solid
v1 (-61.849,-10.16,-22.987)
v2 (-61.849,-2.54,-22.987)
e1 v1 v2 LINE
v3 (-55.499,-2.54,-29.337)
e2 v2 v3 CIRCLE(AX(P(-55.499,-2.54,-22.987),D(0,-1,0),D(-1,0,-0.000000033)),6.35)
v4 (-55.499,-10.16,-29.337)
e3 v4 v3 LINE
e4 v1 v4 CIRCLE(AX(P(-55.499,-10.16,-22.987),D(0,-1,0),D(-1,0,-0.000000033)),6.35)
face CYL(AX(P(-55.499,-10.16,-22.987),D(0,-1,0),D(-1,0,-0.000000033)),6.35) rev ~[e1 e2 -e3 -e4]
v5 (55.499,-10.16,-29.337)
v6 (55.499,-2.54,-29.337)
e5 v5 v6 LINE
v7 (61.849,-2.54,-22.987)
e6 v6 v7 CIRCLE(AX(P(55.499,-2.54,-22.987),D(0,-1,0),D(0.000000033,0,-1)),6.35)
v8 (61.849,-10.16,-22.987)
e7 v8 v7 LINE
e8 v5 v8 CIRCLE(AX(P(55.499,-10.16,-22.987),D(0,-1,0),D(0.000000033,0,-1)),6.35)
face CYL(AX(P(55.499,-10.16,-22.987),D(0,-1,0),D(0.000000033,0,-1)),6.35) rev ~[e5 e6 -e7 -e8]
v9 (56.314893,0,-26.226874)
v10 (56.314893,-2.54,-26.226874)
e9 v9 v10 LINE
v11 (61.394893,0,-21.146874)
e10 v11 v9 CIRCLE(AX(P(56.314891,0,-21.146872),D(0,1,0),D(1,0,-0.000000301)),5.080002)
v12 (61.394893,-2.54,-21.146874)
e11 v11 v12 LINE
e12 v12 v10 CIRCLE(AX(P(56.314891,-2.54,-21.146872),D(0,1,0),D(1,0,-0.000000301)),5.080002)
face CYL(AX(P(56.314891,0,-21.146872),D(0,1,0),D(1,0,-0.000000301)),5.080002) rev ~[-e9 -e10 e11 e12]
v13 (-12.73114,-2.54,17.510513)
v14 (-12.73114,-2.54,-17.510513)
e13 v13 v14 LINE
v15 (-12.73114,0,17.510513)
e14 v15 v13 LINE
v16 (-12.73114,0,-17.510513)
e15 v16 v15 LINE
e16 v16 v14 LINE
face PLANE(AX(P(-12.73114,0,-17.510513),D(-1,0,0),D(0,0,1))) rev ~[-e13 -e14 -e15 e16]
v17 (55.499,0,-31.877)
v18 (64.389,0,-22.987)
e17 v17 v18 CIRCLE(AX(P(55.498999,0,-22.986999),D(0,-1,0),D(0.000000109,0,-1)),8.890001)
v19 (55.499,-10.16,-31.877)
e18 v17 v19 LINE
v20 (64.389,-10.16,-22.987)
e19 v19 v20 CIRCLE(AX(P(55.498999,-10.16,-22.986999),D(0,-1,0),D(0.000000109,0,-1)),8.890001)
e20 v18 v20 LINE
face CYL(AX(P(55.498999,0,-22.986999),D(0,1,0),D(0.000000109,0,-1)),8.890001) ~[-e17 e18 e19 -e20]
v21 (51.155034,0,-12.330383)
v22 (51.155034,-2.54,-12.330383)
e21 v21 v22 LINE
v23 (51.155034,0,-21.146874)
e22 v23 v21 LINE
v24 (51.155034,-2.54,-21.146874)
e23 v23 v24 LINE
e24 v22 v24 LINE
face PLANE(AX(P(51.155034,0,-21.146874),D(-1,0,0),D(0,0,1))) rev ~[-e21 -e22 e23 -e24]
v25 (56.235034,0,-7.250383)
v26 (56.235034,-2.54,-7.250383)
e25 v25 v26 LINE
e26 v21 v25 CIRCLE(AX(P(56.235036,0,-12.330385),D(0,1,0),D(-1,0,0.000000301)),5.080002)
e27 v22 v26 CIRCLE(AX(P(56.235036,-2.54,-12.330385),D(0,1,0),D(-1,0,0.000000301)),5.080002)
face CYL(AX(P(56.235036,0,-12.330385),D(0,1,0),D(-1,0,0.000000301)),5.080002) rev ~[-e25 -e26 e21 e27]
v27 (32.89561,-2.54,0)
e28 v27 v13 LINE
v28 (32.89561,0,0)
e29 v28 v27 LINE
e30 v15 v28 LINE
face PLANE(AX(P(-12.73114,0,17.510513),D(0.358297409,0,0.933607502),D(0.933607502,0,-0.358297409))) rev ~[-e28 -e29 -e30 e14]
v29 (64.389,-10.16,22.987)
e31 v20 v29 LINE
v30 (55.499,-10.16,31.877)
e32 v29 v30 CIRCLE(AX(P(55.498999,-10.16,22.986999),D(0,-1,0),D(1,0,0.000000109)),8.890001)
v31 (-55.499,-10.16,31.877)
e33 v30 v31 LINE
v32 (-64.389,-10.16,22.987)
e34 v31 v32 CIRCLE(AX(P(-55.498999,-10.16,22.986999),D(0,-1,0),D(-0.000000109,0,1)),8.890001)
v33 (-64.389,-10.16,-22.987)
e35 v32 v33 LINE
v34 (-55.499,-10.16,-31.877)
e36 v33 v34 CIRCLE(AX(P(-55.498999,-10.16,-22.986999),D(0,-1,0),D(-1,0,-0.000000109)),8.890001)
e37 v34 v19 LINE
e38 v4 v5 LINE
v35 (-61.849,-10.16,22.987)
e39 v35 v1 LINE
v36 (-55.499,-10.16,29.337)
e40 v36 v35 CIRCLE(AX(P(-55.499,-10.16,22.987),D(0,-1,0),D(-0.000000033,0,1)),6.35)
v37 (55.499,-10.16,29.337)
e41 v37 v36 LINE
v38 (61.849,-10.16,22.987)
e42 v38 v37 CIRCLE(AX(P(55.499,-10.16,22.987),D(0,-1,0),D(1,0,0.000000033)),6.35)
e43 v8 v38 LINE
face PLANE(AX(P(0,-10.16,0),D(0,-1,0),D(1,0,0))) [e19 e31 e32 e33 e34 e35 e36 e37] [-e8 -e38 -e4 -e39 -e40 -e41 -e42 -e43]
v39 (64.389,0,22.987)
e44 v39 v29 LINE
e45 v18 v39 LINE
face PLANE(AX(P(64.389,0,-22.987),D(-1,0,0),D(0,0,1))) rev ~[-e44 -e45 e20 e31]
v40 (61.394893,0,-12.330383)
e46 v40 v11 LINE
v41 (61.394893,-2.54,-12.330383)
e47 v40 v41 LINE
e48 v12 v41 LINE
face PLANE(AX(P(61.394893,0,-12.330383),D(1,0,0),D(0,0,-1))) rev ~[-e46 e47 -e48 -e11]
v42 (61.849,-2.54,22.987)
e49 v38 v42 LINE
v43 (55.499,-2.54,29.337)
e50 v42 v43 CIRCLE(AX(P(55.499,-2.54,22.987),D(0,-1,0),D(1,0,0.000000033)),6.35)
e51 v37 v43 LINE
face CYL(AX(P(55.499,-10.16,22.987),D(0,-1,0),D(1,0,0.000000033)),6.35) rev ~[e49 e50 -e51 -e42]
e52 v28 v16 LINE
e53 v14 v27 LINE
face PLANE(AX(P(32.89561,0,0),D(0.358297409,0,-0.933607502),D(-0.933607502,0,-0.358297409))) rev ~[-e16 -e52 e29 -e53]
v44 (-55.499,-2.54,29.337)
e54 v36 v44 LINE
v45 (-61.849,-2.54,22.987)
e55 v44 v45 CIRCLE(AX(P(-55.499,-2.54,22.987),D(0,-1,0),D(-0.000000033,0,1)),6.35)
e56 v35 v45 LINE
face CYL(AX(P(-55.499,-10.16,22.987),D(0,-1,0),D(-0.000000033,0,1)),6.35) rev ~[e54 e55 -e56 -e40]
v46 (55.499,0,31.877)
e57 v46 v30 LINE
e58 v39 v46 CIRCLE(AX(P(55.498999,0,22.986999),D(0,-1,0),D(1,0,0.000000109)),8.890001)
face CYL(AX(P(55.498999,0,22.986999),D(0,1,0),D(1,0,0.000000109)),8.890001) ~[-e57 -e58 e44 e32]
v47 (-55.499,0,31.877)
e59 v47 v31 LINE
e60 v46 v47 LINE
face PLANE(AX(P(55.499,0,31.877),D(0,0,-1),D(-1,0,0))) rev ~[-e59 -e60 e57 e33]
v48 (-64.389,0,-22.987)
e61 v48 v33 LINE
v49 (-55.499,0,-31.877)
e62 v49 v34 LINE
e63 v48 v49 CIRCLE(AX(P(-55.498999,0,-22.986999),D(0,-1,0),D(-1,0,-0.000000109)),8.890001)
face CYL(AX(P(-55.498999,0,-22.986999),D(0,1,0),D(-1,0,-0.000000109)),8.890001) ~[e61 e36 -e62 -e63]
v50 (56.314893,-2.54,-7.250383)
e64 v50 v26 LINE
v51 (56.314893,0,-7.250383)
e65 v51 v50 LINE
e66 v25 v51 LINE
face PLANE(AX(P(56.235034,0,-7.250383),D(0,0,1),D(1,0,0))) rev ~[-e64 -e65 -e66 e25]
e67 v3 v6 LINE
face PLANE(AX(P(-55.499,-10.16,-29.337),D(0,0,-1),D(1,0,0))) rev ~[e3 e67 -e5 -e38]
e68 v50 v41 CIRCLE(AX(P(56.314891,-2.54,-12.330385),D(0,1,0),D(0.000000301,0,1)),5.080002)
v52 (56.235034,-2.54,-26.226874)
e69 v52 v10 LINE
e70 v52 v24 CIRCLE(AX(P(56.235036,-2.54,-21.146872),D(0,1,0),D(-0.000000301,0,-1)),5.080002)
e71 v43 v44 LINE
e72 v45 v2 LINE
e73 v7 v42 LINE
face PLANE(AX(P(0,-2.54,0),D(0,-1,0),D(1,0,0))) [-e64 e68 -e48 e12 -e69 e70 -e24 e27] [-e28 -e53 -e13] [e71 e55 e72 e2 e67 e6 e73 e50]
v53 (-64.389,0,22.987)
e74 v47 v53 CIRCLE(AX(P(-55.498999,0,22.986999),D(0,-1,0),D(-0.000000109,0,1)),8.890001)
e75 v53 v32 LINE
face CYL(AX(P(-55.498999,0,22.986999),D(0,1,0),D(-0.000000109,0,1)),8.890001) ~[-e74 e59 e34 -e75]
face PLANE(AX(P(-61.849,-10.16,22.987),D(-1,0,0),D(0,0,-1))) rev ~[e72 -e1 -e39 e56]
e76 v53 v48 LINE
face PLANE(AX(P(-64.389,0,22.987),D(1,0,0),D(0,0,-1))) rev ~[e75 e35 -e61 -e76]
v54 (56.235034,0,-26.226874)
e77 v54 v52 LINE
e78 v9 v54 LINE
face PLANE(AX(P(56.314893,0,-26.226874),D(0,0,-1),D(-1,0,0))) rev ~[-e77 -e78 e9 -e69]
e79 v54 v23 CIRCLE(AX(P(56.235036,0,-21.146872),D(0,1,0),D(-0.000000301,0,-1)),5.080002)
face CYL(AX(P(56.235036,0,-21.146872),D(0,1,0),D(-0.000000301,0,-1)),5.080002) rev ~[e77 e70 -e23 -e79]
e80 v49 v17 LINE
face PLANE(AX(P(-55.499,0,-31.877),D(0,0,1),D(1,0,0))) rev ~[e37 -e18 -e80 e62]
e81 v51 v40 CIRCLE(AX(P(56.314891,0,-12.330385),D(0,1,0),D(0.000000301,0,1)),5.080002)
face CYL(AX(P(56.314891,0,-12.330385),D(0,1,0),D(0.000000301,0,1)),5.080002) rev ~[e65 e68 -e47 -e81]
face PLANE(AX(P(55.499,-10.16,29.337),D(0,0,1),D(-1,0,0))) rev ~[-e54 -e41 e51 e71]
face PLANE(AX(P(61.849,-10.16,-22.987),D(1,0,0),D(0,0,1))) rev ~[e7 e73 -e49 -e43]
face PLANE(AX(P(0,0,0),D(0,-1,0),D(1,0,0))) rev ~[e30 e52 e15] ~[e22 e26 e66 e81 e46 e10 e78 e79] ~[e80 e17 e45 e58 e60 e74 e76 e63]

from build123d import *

# Parameters (mm, degrees)
F1_DEPTH      = 10.16
F3_DEPTH      = 7.62
F5_DEPTH      = 25.4
F7_DEPTH      = 25.4
F7_DEPTH_BACK = 25.4


with BuildPart() as f1:
    # F0 (on Front) → F1 (new body)
    with BuildSketch(Plane.XZ):
        with BuildLine():
            Line((55.499, 31.877), (-55.499, 31.877))
            ThreePointArc((-55.499, 31.877), (-61.785179, 29.273179), (-64.389, 22.987))
            Line((-64.389, 22.987), (-64.389, -22.987))
            ThreePointArc((-64.389, -22.987), (-61.785179, -29.273179), (-55.499, -31.877))
            Line((-55.499, -31.877), (55.499, -31.877))
            ThreePointArc((55.499, -31.877), (61.785179, -29.273179), (64.389, -22.987))
            Line((64.389, -22.987), (64.389, 22.987))
            ThreePointArc((64.389, 22.987), (61.785179, 29.273179), (55.499, 31.877))
        make_face()
    extrude(amount=F1_DEPTH)

    # F2 (on face) → F3 (cut)
    with BuildSketch(Plane.XZ.offset(10.16)):
        with BuildLine():
            Line((55.499, 29.337), (-55.499, 29.337))
            ThreePointArc((-55.499, 29.337), (-59.989128, 27.477128), (-61.849, 22.987))
            Line((-61.849, 22.987), (-61.849, -22.987))
            ThreePointArc((-61.849, -22.987), (-59.989128, -27.477128), (-55.499, -29.337))
            Line((-55.499, -29.337), (55.499, -29.337))
            ThreePointArc((55.499, -29.337), (59.989128, -27.477128), (61.849, -22.987))
            Line((61.849, -22.987), (61.849, 22.987))
            ThreePointArc((61.849, 22.987), (59.989128, 27.477128), (55.499, 29.337))
        make_face()
    extrude(amount=-F3_DEPTH, mode=Mode.SUBTRACT)

    # F4 (on face) → F5 (cut)
    with BuildSketch(Plane(origin=(0, 0, 0), x_dir=(-1, 0, 0), z_dir=(0, 1, 0))):
        with BuildLine():
            ThreePointArc((-61.394893, -21.146874), (-59.906995, -24.738976), (-56.314893, -26.226874))
            Line((-56.314893, -26.226874), (-56.235034, -26.226874))
            ThreePointArc((-56.235034, -26.226874), (-52.642932, -24.738976), (-51.155034, -21.146874))
            Line((-51.155034, -21.146874), (-51.155034, -12.330383))
            ThreePointArc((-51.155034, -12.330383), (-52.642932, -8.738281), (-56.235034, -7.250383))
            Line((-56.235034, -7.250383), (-56.314893, -7.250383))
            ThreePointArc((-56.314893, -7.250383), (-59.906995, -8.738281), (-61.394893, -12.330383))
            Line((-61.394893, -12.330383), (-61.394893, -21.146874))
        make_face()
    extrude(amount=-F5_DEPTH, mode=Mode.SUBTRACT)

    # F6 (on face) → F7 (cut, two sides)
    with BuildSketch(Plane(origin=(0, 0, 0), x_dir=(-1, 0, 0), z_dir=(0, 1, 0))) as f7_sk:
        Polygon((12.73114, 17.510513), (-32.89561, 0), (12.73114, -17.510513), align=None)
    extrude(amount=F7_DEPTH, mode=Mode.SUBTRACT)
    extrude(f7_sk.sketch, amount=-F7_DEPTH_BACK, mode=Mode.SUBTRACT)


solid = f1.part
